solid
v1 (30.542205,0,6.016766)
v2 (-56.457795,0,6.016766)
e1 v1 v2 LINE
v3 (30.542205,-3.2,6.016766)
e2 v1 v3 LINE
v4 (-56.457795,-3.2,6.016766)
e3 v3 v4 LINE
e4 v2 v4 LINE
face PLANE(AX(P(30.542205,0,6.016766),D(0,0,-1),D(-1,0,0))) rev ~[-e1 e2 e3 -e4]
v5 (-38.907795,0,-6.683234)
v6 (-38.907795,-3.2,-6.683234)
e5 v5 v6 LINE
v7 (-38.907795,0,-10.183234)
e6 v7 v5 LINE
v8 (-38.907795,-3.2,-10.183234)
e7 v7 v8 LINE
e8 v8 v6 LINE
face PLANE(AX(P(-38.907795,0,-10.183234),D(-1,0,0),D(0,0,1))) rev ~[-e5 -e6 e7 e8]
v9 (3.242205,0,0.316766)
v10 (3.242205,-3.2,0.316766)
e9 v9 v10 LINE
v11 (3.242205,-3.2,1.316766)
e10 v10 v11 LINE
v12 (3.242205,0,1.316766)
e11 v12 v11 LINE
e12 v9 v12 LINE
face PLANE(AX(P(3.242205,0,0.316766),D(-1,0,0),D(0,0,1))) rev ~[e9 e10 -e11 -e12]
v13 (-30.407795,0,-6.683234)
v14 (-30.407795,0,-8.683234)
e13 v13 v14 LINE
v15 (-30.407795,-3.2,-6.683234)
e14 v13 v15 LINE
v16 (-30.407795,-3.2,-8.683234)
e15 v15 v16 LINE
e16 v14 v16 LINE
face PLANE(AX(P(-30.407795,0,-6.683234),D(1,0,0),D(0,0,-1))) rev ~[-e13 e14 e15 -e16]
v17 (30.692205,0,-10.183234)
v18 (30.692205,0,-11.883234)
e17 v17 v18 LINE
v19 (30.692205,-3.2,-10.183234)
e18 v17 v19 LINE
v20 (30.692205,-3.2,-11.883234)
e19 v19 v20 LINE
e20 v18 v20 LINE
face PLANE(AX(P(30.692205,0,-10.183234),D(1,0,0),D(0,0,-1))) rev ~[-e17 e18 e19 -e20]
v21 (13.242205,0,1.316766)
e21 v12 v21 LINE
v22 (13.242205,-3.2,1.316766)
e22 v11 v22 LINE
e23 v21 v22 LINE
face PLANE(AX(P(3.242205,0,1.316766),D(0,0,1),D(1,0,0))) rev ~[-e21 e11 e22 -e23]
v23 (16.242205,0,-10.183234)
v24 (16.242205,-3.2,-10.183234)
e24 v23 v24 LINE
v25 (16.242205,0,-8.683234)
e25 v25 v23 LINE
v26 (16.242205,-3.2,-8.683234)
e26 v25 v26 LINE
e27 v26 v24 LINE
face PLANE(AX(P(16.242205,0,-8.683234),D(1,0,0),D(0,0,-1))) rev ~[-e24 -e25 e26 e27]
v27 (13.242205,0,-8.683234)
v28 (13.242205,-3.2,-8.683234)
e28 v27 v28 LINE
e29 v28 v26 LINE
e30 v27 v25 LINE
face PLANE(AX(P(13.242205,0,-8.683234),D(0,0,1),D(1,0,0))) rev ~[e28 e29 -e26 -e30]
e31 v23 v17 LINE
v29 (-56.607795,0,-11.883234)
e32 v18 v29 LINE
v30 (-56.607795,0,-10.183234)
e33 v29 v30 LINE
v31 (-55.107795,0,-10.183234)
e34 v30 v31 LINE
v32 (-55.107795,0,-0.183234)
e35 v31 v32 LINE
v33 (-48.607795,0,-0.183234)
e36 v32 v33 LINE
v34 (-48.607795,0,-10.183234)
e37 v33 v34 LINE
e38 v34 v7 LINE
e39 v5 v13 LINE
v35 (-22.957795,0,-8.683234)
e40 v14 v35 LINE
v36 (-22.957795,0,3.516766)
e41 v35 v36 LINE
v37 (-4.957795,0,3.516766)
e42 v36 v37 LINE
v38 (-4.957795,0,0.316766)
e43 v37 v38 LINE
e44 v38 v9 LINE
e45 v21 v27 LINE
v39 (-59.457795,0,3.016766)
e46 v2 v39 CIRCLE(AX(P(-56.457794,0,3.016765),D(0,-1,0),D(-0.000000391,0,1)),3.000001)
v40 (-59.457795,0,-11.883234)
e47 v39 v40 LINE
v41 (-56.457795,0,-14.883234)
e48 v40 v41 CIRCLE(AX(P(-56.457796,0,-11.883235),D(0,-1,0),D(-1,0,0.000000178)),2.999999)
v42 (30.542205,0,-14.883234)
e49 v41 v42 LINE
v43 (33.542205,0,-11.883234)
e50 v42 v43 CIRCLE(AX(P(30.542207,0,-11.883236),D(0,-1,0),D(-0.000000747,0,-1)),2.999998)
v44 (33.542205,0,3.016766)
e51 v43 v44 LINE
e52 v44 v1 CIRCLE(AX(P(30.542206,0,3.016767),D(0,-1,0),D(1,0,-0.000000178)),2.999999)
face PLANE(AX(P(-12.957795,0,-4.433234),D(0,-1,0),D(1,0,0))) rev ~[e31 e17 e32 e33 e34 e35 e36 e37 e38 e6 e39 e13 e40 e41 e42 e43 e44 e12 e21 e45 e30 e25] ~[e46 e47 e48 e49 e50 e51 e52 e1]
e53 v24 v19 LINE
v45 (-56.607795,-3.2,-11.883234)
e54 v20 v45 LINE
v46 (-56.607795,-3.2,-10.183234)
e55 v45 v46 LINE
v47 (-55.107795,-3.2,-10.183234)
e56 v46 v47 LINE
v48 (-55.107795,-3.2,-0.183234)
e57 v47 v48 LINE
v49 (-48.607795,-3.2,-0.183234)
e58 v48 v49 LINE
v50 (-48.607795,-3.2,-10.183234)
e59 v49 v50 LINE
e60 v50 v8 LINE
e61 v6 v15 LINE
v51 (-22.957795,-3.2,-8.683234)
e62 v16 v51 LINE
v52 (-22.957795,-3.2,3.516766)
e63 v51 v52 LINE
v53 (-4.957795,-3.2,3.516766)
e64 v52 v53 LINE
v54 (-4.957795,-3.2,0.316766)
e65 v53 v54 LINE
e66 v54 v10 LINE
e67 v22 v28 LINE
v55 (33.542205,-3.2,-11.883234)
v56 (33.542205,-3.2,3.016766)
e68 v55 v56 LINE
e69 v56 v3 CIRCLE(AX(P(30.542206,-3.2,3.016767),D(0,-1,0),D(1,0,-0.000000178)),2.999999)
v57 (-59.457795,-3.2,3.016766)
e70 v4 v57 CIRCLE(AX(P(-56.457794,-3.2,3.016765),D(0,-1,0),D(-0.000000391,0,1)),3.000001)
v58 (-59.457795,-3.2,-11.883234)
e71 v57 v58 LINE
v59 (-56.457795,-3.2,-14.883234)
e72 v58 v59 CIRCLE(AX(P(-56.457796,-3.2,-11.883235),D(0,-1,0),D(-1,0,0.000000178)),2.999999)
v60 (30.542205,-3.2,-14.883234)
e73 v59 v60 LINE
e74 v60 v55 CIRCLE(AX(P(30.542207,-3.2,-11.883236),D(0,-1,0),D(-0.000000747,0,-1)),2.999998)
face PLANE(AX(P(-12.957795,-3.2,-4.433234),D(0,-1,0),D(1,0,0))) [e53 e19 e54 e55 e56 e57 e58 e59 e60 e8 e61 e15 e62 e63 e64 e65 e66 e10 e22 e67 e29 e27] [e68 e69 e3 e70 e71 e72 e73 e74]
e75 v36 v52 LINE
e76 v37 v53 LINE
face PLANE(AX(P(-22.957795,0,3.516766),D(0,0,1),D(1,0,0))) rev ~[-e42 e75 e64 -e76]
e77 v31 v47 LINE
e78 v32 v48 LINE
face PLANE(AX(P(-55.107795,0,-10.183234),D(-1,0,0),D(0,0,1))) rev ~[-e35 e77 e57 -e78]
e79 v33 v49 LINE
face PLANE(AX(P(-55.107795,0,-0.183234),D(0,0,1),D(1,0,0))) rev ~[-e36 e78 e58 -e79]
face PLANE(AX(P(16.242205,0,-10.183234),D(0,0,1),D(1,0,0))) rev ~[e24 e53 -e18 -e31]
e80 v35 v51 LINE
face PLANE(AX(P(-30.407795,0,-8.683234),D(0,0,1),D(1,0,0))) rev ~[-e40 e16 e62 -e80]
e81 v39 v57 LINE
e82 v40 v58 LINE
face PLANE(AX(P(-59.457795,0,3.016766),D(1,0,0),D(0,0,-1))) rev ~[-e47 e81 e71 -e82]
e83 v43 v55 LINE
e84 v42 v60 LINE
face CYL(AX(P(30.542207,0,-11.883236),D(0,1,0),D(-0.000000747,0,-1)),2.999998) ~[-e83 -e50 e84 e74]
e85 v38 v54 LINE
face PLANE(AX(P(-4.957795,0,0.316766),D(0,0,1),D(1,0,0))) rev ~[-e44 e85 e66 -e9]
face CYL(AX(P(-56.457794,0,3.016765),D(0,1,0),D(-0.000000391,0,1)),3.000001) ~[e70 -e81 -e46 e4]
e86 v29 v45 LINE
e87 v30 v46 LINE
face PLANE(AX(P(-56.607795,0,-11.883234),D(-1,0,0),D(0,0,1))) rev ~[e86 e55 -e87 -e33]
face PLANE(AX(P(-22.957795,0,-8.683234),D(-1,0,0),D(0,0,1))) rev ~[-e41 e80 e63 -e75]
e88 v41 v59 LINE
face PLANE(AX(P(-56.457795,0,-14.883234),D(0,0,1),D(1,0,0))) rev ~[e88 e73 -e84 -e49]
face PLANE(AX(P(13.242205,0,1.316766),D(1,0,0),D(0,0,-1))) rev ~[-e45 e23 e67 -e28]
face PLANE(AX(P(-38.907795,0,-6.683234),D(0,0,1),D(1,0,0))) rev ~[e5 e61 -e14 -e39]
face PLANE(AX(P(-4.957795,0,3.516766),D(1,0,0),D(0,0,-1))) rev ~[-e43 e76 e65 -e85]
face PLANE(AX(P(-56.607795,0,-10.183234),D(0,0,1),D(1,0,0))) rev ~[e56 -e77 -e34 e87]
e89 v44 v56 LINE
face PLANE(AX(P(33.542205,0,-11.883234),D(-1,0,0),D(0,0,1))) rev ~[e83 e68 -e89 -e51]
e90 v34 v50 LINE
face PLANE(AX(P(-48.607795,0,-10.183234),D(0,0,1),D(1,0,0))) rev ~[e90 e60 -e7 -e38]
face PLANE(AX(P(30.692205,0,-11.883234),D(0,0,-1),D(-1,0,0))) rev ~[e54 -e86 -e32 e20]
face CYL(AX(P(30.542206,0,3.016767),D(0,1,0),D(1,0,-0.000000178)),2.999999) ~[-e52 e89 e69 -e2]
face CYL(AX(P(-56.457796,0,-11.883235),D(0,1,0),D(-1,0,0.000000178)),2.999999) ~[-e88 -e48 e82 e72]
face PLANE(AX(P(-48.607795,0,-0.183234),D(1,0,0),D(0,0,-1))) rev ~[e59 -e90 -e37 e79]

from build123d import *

# Parameters (mm, degrees)
F1_DEPTH = 3.2


with BuildPart() as f1:
    # F0 (on Front) → F1 (new body)
    with BuildSketch(Plane.XZ):
        with BuildLine():
            Line((30.542205, 6.016766), (-56.457795, 6.016766))
            ThreePointArc((-56.457795, 6.016766), (-58.579115, 5.138086), (-59.457795, 3.016766))
            Line((-59.457795, 3.016766), (-59.457795, -11.883234))
            ThreePointArc((-59.457795, -11.883234), (-58.579115, -14.004555), (-56.457795, -14.883234))
            Line((-56.457795, -14.883234), (30.542205, -14.883234))
            ThreePointArc((30.542205, -14.883234), (32.663526, -14.004555), (33.542205, -11.883234))
            Line((33.542205, -11.883234), (33.542205, 3.016766))
            ThreePointArc((33.542205, 3.016766), (32.663526, 5.138086), (30.542205, 6.016766))
        make_face()
        Polygon((13.242205, 1.316766), (13.242205, -8.683234), (16.242205, -8.683234), (16.242205, -10.183234), (30.692205, -10.183234), (30.692205, -11.883234), (-56.607795, -11.883234), (-56.607795, -10.183234), (-55.107795, -10.183234), (-55.107795, -0.183234), (-48.607795, -0.183234), (-48.607795, -10.183234), (-38.907795, -10.183234), (-38.907795, -6.683234), (-30.407795, -6.683234), (-30.407795, -8.683234), (-22.957795, -8.683234), (-22.957795, 3.516766), (-4.957795, 3.516766), (-4.957795, 0.316766), (3.242205, 0.316766), (3.242205, 1.316766), align=None, mode=Mode.SUBTRACT)
    extrude(amount=F1_DEPTH)


solid = f1.part
